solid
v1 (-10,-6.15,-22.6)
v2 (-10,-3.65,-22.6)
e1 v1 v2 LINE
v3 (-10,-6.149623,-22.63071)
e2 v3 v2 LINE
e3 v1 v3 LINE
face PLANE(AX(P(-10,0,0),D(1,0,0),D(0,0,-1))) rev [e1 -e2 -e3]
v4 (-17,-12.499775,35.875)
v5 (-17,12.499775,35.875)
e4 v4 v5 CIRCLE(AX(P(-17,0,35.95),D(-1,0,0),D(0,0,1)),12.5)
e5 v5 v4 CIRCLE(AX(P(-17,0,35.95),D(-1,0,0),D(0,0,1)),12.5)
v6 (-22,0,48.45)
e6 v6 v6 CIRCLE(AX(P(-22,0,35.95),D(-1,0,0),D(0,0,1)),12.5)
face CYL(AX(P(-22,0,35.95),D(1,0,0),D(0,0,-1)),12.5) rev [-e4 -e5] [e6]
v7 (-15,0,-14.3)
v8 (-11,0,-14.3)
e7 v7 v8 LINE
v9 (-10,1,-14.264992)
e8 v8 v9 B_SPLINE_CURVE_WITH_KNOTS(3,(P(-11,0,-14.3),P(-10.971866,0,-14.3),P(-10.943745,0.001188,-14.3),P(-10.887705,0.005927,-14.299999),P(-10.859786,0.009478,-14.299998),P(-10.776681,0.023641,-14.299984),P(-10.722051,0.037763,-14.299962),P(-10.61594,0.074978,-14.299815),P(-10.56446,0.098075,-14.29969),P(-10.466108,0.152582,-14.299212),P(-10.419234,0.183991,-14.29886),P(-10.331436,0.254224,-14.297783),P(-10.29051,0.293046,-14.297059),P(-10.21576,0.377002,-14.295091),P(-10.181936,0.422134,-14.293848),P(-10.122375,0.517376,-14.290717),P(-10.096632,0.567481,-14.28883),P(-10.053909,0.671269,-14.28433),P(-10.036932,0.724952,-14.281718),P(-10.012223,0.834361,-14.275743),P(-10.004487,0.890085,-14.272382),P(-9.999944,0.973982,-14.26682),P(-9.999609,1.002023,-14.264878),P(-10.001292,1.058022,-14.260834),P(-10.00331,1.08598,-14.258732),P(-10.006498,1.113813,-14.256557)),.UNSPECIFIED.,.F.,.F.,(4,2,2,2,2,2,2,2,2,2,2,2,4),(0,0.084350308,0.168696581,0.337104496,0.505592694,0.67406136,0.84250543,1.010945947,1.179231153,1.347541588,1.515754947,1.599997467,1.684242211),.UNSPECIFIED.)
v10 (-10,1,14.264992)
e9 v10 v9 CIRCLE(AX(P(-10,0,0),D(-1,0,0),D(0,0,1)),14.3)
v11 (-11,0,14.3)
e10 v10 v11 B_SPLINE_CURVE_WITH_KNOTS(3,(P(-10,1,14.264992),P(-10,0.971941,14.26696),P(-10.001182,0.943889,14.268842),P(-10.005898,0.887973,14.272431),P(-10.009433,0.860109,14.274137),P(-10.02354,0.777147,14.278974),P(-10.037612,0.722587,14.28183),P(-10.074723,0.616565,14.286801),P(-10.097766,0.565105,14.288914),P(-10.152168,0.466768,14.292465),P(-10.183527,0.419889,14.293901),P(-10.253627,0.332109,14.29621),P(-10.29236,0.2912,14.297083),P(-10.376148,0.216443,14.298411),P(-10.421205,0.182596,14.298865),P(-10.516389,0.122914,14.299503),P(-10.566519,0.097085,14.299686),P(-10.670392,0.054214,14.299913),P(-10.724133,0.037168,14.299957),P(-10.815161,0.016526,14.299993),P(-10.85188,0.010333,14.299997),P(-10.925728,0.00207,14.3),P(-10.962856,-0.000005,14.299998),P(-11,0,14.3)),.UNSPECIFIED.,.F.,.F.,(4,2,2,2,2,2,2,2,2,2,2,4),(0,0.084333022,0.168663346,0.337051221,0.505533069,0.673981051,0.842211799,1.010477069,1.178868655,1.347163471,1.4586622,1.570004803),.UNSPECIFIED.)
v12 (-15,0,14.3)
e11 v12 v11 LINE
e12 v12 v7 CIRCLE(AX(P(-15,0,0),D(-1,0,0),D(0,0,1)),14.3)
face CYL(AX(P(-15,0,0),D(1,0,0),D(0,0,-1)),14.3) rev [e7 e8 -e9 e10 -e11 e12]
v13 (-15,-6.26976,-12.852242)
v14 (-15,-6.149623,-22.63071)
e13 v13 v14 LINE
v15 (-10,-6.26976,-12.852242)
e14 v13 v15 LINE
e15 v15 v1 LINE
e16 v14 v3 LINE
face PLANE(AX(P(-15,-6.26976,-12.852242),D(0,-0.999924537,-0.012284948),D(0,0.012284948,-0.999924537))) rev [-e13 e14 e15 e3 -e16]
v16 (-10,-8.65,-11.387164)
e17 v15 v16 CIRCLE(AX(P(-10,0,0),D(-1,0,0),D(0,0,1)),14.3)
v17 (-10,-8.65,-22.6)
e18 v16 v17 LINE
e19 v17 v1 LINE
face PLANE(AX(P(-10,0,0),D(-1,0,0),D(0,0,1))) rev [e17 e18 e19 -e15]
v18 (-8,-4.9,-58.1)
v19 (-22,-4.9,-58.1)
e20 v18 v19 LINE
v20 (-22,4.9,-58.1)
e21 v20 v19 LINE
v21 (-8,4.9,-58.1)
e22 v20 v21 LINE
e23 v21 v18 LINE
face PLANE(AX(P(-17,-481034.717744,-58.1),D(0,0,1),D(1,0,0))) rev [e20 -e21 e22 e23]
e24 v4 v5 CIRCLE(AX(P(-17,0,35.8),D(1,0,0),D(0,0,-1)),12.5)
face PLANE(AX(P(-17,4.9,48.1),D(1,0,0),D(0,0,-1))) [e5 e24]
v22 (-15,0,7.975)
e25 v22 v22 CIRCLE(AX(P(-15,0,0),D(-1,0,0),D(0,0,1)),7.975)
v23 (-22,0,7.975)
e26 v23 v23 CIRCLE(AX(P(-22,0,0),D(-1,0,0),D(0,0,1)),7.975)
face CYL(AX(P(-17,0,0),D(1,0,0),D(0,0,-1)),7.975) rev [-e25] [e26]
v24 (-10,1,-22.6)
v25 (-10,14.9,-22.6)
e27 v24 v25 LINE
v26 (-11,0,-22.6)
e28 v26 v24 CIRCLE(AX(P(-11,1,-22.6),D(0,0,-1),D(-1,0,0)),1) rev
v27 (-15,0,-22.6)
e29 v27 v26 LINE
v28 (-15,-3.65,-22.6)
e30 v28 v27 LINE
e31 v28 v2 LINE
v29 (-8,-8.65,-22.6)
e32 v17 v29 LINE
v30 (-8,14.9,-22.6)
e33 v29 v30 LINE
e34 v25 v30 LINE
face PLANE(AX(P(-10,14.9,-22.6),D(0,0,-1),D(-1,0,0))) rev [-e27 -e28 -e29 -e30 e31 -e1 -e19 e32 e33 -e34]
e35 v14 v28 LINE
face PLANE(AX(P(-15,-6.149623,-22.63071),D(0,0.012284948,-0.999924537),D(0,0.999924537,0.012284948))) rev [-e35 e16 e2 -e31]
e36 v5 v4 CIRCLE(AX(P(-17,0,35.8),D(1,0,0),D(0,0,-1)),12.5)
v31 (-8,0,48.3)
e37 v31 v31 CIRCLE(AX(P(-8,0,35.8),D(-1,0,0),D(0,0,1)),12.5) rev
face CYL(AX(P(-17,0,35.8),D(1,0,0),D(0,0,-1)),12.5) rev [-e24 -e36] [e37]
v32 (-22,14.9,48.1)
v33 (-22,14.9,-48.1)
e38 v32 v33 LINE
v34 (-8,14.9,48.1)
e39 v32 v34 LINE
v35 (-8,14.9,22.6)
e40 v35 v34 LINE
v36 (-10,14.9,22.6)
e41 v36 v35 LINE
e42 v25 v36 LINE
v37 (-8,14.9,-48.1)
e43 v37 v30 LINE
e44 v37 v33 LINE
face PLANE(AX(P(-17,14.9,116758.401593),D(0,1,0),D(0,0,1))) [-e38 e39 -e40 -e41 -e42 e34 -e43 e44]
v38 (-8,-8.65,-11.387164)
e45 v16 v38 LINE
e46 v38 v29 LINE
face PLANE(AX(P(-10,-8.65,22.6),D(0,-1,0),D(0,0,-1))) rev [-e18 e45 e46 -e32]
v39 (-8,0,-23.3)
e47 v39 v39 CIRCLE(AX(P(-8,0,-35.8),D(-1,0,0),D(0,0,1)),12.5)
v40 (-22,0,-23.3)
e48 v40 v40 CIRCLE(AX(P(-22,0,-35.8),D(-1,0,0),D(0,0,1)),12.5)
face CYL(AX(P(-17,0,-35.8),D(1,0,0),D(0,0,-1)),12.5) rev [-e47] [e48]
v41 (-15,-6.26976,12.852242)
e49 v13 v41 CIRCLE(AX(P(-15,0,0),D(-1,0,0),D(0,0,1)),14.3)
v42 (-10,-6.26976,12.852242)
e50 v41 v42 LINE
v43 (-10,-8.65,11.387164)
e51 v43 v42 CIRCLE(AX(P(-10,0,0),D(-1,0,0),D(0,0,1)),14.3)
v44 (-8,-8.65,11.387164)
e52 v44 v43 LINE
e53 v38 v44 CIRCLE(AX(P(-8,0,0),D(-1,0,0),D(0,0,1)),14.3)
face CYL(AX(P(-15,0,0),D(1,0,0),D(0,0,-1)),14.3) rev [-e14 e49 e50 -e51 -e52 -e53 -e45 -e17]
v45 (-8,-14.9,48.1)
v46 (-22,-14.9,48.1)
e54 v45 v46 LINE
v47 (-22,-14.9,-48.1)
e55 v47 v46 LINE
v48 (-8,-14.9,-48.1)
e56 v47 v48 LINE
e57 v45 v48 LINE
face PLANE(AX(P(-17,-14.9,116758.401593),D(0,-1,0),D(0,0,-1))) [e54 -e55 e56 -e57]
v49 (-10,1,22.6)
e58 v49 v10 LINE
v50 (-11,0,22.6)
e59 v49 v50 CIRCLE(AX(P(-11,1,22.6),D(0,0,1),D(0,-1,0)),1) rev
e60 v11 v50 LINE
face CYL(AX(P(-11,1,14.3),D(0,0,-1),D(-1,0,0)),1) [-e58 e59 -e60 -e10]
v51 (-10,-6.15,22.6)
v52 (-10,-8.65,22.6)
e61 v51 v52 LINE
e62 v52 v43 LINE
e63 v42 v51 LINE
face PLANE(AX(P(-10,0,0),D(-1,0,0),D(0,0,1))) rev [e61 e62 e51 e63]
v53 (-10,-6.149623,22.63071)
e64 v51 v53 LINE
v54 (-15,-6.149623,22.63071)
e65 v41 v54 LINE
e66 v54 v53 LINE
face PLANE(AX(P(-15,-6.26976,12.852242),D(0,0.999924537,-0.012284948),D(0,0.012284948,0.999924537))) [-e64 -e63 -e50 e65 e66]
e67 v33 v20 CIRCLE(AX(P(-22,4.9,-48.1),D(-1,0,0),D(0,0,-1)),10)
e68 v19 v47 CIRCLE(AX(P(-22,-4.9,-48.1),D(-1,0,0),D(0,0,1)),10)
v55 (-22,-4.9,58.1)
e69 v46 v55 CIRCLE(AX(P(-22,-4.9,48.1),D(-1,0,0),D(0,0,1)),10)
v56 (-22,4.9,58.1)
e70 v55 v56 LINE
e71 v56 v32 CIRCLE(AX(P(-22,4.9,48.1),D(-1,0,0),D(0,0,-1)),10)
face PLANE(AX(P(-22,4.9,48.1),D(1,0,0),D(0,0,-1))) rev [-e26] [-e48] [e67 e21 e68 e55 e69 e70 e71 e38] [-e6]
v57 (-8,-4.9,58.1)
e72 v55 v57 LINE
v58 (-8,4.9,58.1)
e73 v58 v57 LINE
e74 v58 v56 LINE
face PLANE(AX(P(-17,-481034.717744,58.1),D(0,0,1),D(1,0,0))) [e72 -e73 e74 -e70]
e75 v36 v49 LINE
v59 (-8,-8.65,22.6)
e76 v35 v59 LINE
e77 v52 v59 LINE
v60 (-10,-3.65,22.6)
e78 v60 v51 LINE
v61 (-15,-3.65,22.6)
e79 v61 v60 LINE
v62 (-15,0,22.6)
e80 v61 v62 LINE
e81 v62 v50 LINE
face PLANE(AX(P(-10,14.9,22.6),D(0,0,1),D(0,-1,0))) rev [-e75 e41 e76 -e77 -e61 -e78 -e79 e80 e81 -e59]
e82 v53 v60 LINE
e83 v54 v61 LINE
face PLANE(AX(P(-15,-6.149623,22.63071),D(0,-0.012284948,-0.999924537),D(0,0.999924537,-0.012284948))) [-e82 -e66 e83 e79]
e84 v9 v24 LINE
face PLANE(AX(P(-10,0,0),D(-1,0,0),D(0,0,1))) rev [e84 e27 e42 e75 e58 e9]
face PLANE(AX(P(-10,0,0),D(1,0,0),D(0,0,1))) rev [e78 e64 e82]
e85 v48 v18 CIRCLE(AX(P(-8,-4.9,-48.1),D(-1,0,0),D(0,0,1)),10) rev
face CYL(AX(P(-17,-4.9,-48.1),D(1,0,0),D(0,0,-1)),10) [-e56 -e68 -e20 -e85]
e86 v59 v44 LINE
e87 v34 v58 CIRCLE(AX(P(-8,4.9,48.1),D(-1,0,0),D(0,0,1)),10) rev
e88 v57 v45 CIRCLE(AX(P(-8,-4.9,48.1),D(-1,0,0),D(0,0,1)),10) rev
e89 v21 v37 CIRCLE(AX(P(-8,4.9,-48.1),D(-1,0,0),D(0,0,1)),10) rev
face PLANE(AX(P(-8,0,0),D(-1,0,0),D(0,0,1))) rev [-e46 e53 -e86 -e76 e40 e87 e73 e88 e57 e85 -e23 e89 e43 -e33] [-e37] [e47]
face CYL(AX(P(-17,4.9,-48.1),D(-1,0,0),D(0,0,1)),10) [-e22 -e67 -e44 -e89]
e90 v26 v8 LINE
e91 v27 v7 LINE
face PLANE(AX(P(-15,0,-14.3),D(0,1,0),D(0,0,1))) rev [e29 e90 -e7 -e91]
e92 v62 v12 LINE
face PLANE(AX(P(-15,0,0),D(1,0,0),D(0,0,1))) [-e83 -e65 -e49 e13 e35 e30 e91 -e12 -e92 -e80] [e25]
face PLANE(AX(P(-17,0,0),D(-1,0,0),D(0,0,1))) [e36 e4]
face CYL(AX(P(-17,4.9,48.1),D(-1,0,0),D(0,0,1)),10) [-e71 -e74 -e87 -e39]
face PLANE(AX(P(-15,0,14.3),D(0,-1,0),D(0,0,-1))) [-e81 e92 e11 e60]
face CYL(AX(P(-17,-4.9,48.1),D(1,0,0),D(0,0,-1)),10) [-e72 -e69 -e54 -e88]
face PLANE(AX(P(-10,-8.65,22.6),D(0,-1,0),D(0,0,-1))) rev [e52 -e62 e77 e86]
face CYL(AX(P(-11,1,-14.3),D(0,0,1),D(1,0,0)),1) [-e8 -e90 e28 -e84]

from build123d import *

# Parameters (mm, degrees)
BOSS_EXTRUDE1_START  = -17
BOSS_EXTRUDE1_DEPTH  = 34
SKETCH2_R            = 14.3
CUT_EXTRUDE1_DEPTH   = 32
SKETCH3_R            = 7.975
CUT_EXTRUDE2_DEPTH   = 68.982497748
SKETCH4_R            = 12.5
CUT_EXTRUDE3_DEPTH   = 69.946500999
FILLET5_R            = 10
FILLET6_R            = 10
FILLET5_OF_MIRROR1_R = 10
FILLET6_OF_MIRROR1_R = 10
SKETCH12_W           = 71.004828568
SKETCH12_H           = 128.011080482
CUT_EXTRUDE4_DEPTH   = 25
SKETCH13_W           = 23.55
SKETCH13_H           = 45.2
CUT_EXTRUDE5_DEPTH   = 2
CUT_EXTRUDE6_DEPTH   = 5
SKETCH15_R           = 12.5
SKETCH15_R_2         = 7.975
BOSS_EXTRUDE2_DEPTH  = 5
FILLET7_R            = 1
FILLET8_R            = 1


with BuildPart() as part:
    # Sketch1 → Boss-Extrude1 (new body)
    with BuildSketch(Plane.YZ.offset(BOSS_EXTRUDE1_START)):
        with BuildLine():
            Line((-14.9, 0), (-14.9, 58.1))
            Line((-14.9, 58.1), (14.9, 58.1))
            Line((14.9, 58.1), (14.9, 0))
            ThreePointArc((14.9, 0), (0, -14.9), (-14.9, 0))
        make_face()
    boss_extrude1 = extrude(amount=BOSS_EXTRUDE1_DEPTH)

    # Sketch2 → Cut-Extrude1 (cut)
    with BuildSketch(Plane.YZ.offset(17)):
        with Locations(Location((0, 0, 0), (0, 0, 270))):
            Circle(SKETCH2_R)
    cut_extrude1 = extrude(amount=-CUT_EXTRUDE1_DEPTH, mode=Mode.SUBTRACT)

    # Sketch3 → Cut-Extrude2 (cut, through all)
    with BuildSketch(Plane.YZ.offset(-15)):
        with Locations(Location((0, 0, 0), (0, 0, 270))):
            Circle(SKETCH3_R)
    cut_extrude2 = extrude(amount=-CUT_EXTRUDE2_DEPTH, mode=Mode.SUBTRACT)

    # Sketch4 → Cut-Extrude3 (cut, through all)
    with BuildSketch(Plane.YZ.offset(17)):
        with Locations(Location((0, 35.8, 0), (0, 0, 270))):
            Circle(SKETCH4_R)
    cut_extrude3 = extrude(amount=-CUT_EXTRUDE3_DEPTH, mode=Mode.SUBTRACT)

    # Fillet5
    fillet5_edges = [part.edges().sort_by_distance(p)[0] for p in [
        (0, 14.9, 58.1),
    ]]
    fillet(fillet5_edges, radius=FILLET5_R)

    # Fillet6
    fillet6_edges = [part.edges().sort_by_distance(p)[0] for p in [
        (0, -14.9, 58.1),
    ]]
    fillet(fillet6_edges, radius=FILLET6_R)

    # Mirror1: Boss-Extrude1, Cut-Extrude1, Cut-Extrude2, Cut-Extrude3 across plane
    add(boss_extrude1.mirror(Plane.XY))
    add(cut_extrude1.mirror(Plane.XY), mode=Mode.SUBTRACT)
    add(cut_extrude2.mirror(Plane.XY), mode=Mode.SUBTRACT)
    add(cut_extrude3.mirror(Plane.XY), mode=Mode.SUBTRACT)

    # Fillet5 of Mirror1
    fillet5_of_mirror1_edges = [part.edges().sort_by_distance(p)[0] for p in [
        (0, 14.9, -58.1),
    ]]
    fillet(fillet5_of_mirror1_edges, radius=FILLET5_OF_MIRROR1_R)

    # Fillet6 of Mirror1
    fillet6_of_mirror1_edges = [part.edges().sort_by_distance(p)[0] for p in [
        (0, -14.9, -58.1),
    ]]
    fillet(fillet6_of_mirror1_edges, radius=FILLET6_OF_MIRROR1_R)

    # Sketch12 → Cut-Extrude4 (cut)
    with BuildSketch(Plane.YZ.offset(17)):
        Rectangle(SKETCH12_W, SKETCH12_H)
    extrude(amount=-CUT_EXTRUDE4_DEPTH, mode=Mode.SUBTRACT)

    # Sketch13 → Cut-Extrude5 (cut)
    with BuildSketch(Plane.YZ.offset(-8)):
        with Locations((3.125, 0)):
            Rectangle(SKETCH13_W, SKETCH13_H)
    extrude(amount=-CUT_EXTRUDE5_DEPTH, mode=Mode.SUBTRACT)

    # Sketch14 → Cut-Extrude6 (cut)
    with BuildSketch(Plane.YZ.offset(-10)):
        with BuildLine():
            Line((-6.1496227, -22.630710053), (-3.65, -22.6))
            Line((-3.65, -22.6), (0, -22.6))
            Line((0, -22.6), (0, -14.3))
            ThreePointArc((0, -14.3), (-1.840302956, -14.181088993), (-3.65, -13.82633357))
            ThreePointArc((-3.65, -13.82633357), (-4.983735764, -13.403446491), (-6.269759745, -12.852241545))
            Line((-6.269759745, -12.852241545), (-6.1496227, -22.630710053))
        make_face()
    cut_extrude6 = extrude(amount=-CUT_EXTRUDE6_DEPTH, mode=Mode.SUBTRACT)

    # Mirror2: Cut-Extrude6 across plane
    add(cut_extrude6.mirror(Plane.XY), mode=Mode.SUBTRACT)

    # Sketch15 → Boss-Extrude2 (add)
    with BuildSketch(Plane(origin=(-17, 0, 0), x_dir=(0, -1, 0), z_dir=(-1, 0, 0))):
        with BuildLine():
            Line((-4.9, -58.1), (4.9, -58.1))
            ThreePointArc((4.9, -58.1), (11.971067812, -55.171067812), (14.9, -48.1))
            Line((14.9, -48.1), (14.9, 48.1))
            ThreePointArc((14.9, 48.1), (11.971067812, 55.171067812), (4.9, 58.1))
            Line((4.9, 58.1), (-4.9, 58.1))
            ThreePointArc((-4.9, 58.1), (-11.971067812, 55.171067812), (-14.9, 48.1))
            Line((-14.9, 48.1), (-14.9, -48.1))
            ThreePointArc((-14.9, -48.1), (-11.971067812, -55.171067812), (-4.9, -58.1))
        make_face()
        with Locations(Location((0, 35.95, 0), (0, 0, 180.34377674))):
            Circle(SKETCH15_R, mode=Mode.SUBTRACT)
        with Locations(Location((0, 0, 0), (0, 0, 90))):
            Circle(SKETCH15_R_2, mode=Mode.SUBTRACT)
        with Locations(Location((0, -35.8, 0), (0, 0, 90))):
            Circle(SKETCH15_R, mode=Mode.SUBTRACT)
    extrude(amount=BOSS_EXTRUDE2_DEPTH)

    # Fillet7
    fillet7_edges = [part.edges().sort_by_distance(p)[0] for p in [
        (-10, 0, -18.45),
    ]]
    fillet(fillet7_edges, radius=FILLET7_R)

    # Fillet8
    fillet8_edges = [part.edges().sort_by_distance(p)[0] for p in [
        (-10, 0, 18.45),
    ]]
    fillet(fillet8_edges, radius=FILLET8_R)


solid = part.part
